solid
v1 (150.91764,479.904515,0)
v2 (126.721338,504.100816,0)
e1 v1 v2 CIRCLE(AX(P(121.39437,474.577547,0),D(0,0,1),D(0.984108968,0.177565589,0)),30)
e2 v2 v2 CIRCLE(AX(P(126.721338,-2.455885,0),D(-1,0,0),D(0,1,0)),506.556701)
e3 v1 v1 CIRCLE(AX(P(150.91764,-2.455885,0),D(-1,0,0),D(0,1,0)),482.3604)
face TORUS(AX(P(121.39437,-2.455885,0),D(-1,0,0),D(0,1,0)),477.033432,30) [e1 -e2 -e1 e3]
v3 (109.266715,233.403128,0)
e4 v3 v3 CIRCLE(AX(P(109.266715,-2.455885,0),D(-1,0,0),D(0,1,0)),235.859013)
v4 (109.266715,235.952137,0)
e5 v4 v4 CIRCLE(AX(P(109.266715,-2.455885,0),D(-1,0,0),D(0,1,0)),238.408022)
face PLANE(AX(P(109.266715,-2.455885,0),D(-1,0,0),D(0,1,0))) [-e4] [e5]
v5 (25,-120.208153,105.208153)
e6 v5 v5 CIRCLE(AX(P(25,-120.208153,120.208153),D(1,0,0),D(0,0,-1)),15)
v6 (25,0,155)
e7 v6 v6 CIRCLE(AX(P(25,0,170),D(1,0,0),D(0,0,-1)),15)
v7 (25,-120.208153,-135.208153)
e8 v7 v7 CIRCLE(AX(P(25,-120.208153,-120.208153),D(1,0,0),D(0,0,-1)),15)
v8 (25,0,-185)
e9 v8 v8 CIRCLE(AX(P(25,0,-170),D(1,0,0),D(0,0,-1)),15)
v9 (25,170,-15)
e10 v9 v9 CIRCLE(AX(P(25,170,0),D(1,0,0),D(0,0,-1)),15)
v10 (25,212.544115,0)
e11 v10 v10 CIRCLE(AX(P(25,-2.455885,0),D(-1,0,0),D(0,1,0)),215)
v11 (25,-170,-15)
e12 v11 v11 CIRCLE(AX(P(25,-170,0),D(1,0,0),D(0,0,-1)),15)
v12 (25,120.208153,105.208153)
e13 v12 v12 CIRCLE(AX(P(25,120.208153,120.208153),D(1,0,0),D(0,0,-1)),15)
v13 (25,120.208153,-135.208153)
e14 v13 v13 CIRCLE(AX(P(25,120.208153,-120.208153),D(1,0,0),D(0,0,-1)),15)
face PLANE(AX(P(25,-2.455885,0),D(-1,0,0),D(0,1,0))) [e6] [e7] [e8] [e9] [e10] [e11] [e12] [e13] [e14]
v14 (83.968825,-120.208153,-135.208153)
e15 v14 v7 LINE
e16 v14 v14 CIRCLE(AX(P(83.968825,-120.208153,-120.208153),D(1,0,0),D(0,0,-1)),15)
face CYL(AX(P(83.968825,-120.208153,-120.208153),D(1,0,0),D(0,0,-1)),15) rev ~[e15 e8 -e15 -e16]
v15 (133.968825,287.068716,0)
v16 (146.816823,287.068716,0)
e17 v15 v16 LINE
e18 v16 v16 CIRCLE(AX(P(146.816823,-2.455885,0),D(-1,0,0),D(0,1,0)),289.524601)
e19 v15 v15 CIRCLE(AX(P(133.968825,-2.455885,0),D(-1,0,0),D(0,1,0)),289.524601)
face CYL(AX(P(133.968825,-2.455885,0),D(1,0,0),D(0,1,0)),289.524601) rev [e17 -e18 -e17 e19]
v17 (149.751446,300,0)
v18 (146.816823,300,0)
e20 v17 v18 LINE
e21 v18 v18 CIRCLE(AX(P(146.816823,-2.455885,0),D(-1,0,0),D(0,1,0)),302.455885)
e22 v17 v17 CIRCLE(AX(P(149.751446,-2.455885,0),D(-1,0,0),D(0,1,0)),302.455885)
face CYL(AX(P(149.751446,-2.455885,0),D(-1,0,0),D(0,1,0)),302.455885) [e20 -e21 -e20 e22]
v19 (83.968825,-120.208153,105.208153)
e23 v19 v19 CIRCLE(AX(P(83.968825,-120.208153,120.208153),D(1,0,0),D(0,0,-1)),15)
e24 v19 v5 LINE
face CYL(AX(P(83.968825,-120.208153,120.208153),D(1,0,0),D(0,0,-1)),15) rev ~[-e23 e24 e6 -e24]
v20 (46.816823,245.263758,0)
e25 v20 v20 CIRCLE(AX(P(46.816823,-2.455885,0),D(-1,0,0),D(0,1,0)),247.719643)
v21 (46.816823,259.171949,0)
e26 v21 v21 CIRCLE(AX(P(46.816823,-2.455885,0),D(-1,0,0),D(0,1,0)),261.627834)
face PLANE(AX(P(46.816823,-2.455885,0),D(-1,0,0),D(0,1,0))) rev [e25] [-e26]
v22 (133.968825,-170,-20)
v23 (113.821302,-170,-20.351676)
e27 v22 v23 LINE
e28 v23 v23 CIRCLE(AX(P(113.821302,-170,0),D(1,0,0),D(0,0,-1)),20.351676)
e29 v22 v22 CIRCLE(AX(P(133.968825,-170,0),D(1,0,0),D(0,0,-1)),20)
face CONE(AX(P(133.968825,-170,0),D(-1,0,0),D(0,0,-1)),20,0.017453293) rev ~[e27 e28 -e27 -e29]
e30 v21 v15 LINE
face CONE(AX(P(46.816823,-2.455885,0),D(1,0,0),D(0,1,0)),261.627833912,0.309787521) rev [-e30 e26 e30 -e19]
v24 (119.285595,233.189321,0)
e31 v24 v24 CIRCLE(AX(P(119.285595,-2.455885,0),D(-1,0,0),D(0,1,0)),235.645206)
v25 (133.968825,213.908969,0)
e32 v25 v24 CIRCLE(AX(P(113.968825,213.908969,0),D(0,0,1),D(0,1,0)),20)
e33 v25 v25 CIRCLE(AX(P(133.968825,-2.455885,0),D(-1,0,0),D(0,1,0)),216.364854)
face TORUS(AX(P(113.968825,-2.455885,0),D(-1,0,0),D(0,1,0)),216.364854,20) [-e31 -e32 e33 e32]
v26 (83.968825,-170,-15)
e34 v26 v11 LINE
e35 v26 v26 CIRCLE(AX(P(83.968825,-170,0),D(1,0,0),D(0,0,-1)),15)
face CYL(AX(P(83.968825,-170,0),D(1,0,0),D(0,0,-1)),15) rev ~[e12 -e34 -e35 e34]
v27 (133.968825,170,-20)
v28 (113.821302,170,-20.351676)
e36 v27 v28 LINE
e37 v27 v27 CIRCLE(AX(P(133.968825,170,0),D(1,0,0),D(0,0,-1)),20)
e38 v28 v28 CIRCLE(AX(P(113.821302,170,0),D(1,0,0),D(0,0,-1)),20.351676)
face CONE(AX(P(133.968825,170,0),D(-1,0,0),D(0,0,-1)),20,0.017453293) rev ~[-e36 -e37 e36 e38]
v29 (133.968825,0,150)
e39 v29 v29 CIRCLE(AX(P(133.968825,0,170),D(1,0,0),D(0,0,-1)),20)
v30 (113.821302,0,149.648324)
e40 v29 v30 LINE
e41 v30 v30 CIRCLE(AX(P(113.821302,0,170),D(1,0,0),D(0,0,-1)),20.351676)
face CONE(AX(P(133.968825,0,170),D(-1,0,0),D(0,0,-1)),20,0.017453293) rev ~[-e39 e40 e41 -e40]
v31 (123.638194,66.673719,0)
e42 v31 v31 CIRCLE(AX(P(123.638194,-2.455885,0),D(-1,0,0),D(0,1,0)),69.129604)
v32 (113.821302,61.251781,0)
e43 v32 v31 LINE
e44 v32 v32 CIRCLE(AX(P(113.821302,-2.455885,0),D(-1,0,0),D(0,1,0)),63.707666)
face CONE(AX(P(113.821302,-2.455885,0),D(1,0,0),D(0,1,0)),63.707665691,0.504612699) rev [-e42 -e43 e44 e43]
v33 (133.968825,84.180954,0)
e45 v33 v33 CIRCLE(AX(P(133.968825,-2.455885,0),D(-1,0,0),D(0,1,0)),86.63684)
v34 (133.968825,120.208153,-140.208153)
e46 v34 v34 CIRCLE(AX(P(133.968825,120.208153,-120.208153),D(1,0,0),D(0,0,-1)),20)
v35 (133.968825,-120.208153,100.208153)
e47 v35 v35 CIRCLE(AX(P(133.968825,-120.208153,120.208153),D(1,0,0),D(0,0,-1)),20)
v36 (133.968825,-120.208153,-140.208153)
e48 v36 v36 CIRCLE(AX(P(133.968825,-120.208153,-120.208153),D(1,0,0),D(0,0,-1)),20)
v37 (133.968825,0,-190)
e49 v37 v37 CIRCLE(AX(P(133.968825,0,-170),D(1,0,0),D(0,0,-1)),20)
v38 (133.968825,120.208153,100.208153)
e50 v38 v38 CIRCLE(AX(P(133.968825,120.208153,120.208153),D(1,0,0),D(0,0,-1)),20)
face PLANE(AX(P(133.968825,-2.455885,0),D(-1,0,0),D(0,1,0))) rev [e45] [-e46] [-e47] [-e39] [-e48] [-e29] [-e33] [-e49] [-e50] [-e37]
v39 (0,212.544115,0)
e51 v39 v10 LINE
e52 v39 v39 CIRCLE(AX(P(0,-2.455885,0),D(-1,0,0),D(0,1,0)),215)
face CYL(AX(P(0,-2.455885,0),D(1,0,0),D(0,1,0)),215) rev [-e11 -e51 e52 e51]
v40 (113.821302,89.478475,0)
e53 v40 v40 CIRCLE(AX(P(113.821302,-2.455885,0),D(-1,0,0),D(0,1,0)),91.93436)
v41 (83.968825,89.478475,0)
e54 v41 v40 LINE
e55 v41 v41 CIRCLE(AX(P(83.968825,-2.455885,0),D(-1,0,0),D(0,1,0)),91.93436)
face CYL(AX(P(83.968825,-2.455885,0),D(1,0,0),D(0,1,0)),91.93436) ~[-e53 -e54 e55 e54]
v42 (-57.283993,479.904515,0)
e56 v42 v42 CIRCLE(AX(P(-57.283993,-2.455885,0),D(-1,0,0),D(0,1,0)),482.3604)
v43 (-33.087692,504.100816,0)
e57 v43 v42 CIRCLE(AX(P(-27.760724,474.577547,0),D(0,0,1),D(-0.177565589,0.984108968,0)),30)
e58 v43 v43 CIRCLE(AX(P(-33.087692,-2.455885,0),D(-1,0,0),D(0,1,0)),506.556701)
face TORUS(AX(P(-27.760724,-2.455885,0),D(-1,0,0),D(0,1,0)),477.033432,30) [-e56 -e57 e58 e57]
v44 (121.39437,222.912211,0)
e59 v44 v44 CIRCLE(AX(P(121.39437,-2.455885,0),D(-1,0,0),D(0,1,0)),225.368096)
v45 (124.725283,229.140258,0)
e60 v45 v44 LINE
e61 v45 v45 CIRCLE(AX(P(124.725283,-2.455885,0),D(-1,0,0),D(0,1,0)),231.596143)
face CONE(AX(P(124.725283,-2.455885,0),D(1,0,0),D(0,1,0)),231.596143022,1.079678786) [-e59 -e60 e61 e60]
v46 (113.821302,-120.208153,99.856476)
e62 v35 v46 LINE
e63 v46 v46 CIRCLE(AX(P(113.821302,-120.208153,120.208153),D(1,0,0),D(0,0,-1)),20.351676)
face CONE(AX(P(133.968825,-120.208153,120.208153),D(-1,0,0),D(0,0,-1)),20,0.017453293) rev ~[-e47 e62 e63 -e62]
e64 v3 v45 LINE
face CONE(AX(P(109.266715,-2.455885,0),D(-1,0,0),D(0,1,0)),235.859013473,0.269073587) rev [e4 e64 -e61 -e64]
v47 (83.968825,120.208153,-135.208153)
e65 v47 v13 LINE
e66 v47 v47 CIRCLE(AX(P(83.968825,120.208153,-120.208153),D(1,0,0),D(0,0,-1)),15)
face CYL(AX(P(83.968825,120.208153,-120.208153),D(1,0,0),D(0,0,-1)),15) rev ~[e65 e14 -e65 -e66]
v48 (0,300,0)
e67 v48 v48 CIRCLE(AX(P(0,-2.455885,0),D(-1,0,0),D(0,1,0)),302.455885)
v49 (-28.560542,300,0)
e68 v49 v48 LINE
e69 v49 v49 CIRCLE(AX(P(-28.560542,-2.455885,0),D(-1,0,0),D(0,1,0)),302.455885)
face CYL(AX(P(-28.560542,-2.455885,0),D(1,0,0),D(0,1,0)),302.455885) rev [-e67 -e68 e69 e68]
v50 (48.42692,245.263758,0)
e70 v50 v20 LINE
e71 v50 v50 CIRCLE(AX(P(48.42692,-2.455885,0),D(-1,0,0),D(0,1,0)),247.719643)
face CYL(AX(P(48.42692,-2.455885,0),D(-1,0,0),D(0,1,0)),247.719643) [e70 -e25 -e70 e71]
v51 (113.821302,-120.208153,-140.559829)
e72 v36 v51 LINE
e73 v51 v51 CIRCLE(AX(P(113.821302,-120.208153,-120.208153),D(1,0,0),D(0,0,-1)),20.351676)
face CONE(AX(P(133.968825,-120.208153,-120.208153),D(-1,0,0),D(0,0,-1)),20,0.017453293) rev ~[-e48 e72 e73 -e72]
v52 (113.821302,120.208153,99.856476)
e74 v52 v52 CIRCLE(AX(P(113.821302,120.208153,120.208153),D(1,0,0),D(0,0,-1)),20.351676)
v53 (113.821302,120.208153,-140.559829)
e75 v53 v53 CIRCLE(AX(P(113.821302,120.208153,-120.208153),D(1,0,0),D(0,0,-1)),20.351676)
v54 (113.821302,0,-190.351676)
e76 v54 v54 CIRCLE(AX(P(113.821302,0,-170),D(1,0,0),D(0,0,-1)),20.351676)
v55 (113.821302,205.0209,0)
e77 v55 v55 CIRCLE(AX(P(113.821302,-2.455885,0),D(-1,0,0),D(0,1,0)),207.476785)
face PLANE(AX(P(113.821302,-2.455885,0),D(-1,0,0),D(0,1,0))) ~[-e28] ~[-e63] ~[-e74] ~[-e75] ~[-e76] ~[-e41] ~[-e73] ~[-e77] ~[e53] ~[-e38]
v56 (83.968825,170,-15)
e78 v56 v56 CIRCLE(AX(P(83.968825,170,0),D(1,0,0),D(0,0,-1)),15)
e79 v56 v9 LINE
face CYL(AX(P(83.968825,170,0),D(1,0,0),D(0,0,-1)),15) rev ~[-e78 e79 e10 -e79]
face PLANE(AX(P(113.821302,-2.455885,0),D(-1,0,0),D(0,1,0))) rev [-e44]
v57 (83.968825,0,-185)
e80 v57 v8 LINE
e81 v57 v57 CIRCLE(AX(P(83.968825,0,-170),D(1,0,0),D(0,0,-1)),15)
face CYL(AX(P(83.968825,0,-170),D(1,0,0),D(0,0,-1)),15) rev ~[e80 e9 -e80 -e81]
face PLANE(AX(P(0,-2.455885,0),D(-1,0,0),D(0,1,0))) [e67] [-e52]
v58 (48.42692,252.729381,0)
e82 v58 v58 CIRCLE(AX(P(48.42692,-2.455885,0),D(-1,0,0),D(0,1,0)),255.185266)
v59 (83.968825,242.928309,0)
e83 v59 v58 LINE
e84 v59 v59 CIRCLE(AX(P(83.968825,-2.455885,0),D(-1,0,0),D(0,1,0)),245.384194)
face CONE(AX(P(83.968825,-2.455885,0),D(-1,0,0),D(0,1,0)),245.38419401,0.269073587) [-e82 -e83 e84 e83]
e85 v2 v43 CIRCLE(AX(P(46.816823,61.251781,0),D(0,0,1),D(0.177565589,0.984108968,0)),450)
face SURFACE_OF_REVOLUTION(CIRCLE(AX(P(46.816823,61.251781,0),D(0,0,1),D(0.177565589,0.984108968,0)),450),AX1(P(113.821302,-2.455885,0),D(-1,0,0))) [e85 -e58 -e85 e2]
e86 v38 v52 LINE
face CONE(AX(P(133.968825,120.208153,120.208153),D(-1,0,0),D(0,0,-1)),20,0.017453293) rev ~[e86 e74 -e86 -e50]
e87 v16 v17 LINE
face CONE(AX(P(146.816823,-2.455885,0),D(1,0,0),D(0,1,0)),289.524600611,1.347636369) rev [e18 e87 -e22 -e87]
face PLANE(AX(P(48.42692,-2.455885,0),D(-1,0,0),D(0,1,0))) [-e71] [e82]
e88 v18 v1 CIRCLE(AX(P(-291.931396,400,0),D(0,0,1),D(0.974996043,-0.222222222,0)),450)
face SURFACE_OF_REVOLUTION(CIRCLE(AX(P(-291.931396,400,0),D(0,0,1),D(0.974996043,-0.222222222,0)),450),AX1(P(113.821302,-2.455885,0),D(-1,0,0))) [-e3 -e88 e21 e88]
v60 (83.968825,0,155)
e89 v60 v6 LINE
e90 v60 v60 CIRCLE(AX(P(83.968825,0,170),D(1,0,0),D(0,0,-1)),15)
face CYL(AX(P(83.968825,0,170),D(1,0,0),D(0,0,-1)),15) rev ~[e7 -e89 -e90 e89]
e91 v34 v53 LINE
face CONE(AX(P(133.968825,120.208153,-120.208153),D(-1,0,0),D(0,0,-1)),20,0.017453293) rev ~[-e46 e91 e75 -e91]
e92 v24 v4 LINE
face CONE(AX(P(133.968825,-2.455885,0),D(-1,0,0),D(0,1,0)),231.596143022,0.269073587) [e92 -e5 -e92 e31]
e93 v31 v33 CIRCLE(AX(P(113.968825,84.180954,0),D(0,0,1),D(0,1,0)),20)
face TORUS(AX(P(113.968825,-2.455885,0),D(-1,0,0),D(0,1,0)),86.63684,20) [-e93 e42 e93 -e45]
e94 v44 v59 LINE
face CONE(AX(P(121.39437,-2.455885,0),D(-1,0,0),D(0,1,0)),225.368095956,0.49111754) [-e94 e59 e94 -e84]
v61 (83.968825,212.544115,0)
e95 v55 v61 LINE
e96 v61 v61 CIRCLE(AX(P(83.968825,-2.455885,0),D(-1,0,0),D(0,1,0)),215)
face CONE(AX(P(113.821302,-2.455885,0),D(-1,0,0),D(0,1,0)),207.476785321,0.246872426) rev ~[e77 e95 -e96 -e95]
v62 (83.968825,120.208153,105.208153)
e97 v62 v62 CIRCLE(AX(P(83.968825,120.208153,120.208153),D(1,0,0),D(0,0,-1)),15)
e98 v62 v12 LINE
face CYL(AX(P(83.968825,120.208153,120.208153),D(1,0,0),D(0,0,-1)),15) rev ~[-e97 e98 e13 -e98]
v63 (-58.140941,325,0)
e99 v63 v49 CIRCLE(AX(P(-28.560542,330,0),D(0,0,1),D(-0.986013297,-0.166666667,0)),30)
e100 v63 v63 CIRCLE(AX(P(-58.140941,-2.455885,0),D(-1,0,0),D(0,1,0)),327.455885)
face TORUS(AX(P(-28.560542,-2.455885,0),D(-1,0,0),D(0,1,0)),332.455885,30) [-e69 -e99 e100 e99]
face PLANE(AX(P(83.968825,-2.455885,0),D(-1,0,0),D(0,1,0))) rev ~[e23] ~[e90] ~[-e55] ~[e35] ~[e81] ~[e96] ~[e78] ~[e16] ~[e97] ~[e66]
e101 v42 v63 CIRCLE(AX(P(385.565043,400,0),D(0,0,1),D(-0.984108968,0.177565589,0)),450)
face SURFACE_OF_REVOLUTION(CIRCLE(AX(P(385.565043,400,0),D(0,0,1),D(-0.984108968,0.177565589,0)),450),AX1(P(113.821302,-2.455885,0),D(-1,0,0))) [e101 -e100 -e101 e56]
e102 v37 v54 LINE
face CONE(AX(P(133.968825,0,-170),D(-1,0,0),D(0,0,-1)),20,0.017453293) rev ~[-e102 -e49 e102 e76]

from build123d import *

# Parameters (mm, degrees)
SKETCH3_R                    = 20
CUT_EXTRUDE1_DEPTH           = 50
CUT_EXTRUDE1_DRAFT           = 1
CUT_EXTRUDE1_PROFILE_2_DEPTH = 50
CUT_EXTRUDE1_PROFILE_2_DRAFT = 1
CUT_EXTRUDE1_PROFILE_3_DEPTH = 50
CUT_EXTRUDE1_PROFILE_3_DRAFT = 1
CUT_EXTRUDE1_PROFILE_4_DEPTH = 50
CUT_EXTRUDE1_PROFILE_4_DRAFT = 1
CUT_EXTRUDE1_PROFILE_5_DEPTH = 50
CUT_EXTRUDE1_PROFILE_5_DRAFT = 1
CUT_EXTRUDE1_PROFILE_6_DEPTH = 50
CUT_EXTRUDE1_PROFILE_6_DRAFT = 1
CUT_EXTRUDE1_PROFILE_7_DEPTH = 50
CUT_EXTRUDE1_PROFILE_7_DRAFT = 1
CUT_EXTRUDE1_PROFILE_8_DEPTH = 50
CUT_EXTRUDE1_PROFILE_8_DRAFT = 1
FILLET1_R                    = 20
SKETCH4_R                    = 15
CUT_EXTRUDE2_DEPTH           = 744.198533285


with BuildPart() as part:
    # Sketch2 → Revolve1 (revolve)
    with BuildSketch(Plane.XY):
        with BuildLine():
            Line((0, 300), (0, 212.544114939))
            Line((0, 212.544114939), (25, 212.544114939))
            Line((25, 212.544114939), (25, -2.455885061))
            Line((25, -2.455885061), (46.816823153, -2.455885061))
            Line((46.816823153, -2.455885061), (113.821302455, -2.455885061))
            Line((113.821302455, -2.455885061), (113.821302455, 61.25178063))
            Line((113.821302455, 61.25178063), (133.968825245, 72.379398613))
            Line((133.968825245, 72.379398613), (133.968825245, 229.140257961))
            Line((133.968825245, 229.140257961), (109.266714672, 235.952137163))
            Line((109.266714672, 235.952137163), (109.266714672, 233.403128412))
            Line((109.266714672, 233.403128412), (124.725282579, 229.140257961))
            Line((124.725282579, 229.140257961), (121.3943705, 222.912210895))
            Line((121.3943705, 222.912210895), (83.968825245, 242.928308949))
            Line((83.968825245, 242.928308949), (48.426919774, 252.729381046))
            Line((48.426919774, 252.729381046), (48.426919774, 245.263758119))
            Line((48.426919774, 245.263758119), (46.816823153, 245.263758119))
            Line((46.816823153, 245.263758119), (46.816823153, 259.171948851))
            Line((46.816823153, 259.171948851), (133.968825245, 287.06871555))
            Line((133.968825245, 287.06871555), (146.816823153, 287.06871555))
            Line((146.816823153, 287.06871555), (149.751445643, 300))
            Line((149.751445643, 300), (146.816823153, 300))
            ThreePointArc((146.816823153, 300), (157.951742717, 389.745181475), (150.917639551, 479.904515014))
            ThreePointArc((150.917639551, 479.904515014), (142.607573935, 495.790750782), (126.721338167, 504.100816398))
            ThreePointArc((126.721338167, 504.100816398), (46.816823153, 511.25178063), (-33.087691862, 504.100816398))
            ThreePointArc((-33.087691862, 504.100816398), (-48.97392763, 495.790750782), (-57.283993245, 479.904515014))
            ThreePointArc((-57.283993245, 479.904515014), (-64.428071695, 402.489408933), (-58.14094121, 325))
            ThreePointArc((-58.14094121, 325), (-47.925459025, 307.087121525), (-28.560542294, 300))
            Line((-28.560542294, 300), (0, 300))
        make_face()
        Polygon((113.821302455, 89.47847526), (113.821302455, 205.02090026), (83.968825245, 212.544114939), (83.968825245, 89.47847526), align=None, mode=Mode.SUBTRACT)
    revolve(axis=Axis((113.821302455, -2.455885061, 0), (-1, 0, 0)))


with BuildPart() as cut_extrude1_tool:
    # Sketch3 → Cut-Extrude1 (with draft: the straight prism first)
    with BuildSketch(Plane(origin=(133.968825245, 0, 0), x_dir=(0, 0, -1), z_dir=(1, 0, 0))):
        with Locations((0, 170)):
            Circle(SKETCH3_R)
    extrude(amount=-CUT_EXTRUDE1_DEPTH)
    # Cut-Extrude1: the draft: its side faces are tilted about the plane it starts from
    cut_extrude1_sides = [cut_extrude1_tool.faces().sort_by_distance(p)[0] for p in [
        (108.968825245, 170, 20),
    ]]
    draft(cut_extrude1_sides, Plane(origin=(133.968825245, 0, 0), x_dir=(0, 0, -1), z_dir=(1, 0, 0)), CUT_EXTRUDE1_DRAFT)


with BuildPart() as part_1:
    add(part.part)

    # Cut-Extrude1: cut by cut_extrude1_tool
    add(cut_extrude1_tool.part, mode=Mode.SUBTRACT)


with BuildPart() as cut_extrude1_profile_2_tool:
    # Sketch3 → Cut-Extrude1 profile 2 (with draft: the straight prism first)
    with BuildSketch(Plane(origin=(133.968825245, 0, 0), x_dir=(0, 0, -1), z_dir=(1, 0, 0))):
        with Locations((120.208152802, 120.208152802)):
            Circle(SKETCH3_R)
    extrude(amount=-CUT_EXTRUDE1_PROFILE_2_DEPTH)
    # Cut-Extrude1 profile 2: the draft: its side faces are tilted about the plane it starts from
    cut_extrude1_profile_2_sides = [cut_extrude1_profile_2_tool.faces().sort_by_distance(p)[0] for p in [
        (108.968825245, 120.208152802, -100.208152802),
    ]]
    draft(cut_extrude1_profile_2_sides, Plane(origin=(133.968825245, 0, 0), x_dir=(0, 0, -1), z_dir=(1, 0, 0)), CUT_EXTRUDE1_PROFILE_2_DRAFT)


with BuildPart() as part_2:
    add(part_1.part)

    # Cut-Extrude1 profile 2: cut by cut_extrude1_profile_2_tool
    add(cut_extrude1_profile_2_tool.part, mode=Mode.SUBTRACT)


with BuildPart() as cut_extrude1_profile_3_tool:
    # Sketch3 → Cut-Extrude1 profile 3 (with draft: the straight prism first)
    with BuildSketch(Plane(origin=(133.968825245, 0, 0), x_dir=(0, 0, -1), z_dir=(1, 0, 0))):
        with Locations((170, 0)):
            Circle(SKETCH3_R)
    extrude(amount=-CUT_EXTRUDE1_PROFILE_3_DEPTH)
    # Cut-Extrude1 profile 3: the draft: its side faces are tilted about the plane it starts from
    cut_extrude1_profile_3_sides = [cut_extrude1_profile_3_tool.faces().sort_by_distance(p)[0] for p in [
        (108.968825245, 0, -150),
    ]]
    draft(cut_extrude1_profile_3_sides, Plane(origin=(133.968825245, 0, 0), x_dir=(0, 0, -1), z_dir=(1, 0, 0)), CUT_EXTRUDE1_PROFILE_3_DRAFT)


with BuildPart() as part_3:
    add(part_2.part)

    # Cut-Extrude1 profile 3: cut by cut_extrude1_profile_3_tool
    add(cut_extrude1_profile_3_tool.part, mode=Mode.SUBTRACT)


with BuildPart() as cut_extrude1_profile_4_tool:
    # Sketch3 → Cut-Extrude1 profile 4 (with draft: the straight prism first)
    with BuildSketch(Plane(origin=(133.968825245, 0, 0), x_dir=(0, 0, -1), z_dir=(1, 0, 0))):
        with Locations((120.208152802, -120.208152802)):
            Circle(SKETCH3_R)
    extrude(amount=-CUT_EXTRUDE1_PROFILE_4_DEPTH)
    # Cut-Extrude1 profile 4: the draft: its side faces are tilted about the plane it starts from
    cut_extrude1_profile_4_sides = [cut_extrude1_profile_4_tool.faces().sort_by_distance(p)[0] for p in [
        (108.968825245, -120.208152802, -100.208152802),
    ]]
    draft(cut_extrude1_profile_4_sides, Plane(origin=(133.968825245, 0, 0), x_dir=(0, 0, -1), z_dir=(1, 0, 0)), CUT_EXTRUDE1_PROFILE_4_DRAFT)


with BuildPart() as part_4:
    add(part_3.part)

    # Cut-Extrude1 profile 4: cut by cut_extrude1_profile_4_tool
    add(cut_extrude1_profile_4_tool.part, mode=Mode.SUBTRACT)


with BuildPart() as cut_extrude1_profile_5_tool:
    # Sketch3 → Cut-Extrude1 profile 5 (with draft: the straight prism first)
    with BuildSketch(Plane(origin=(133.968825245, 0, 0), x_dir=(0, 0, -1), z_dir=(1, 0, 0))):
        with Locations((0, -170)):
            Circle(SKETCH3_R)
    extrude(amount=-CUT_EXTRUDE1_PROFILE_5_DEPTH)
    # Cut-Extrude1 profile 5: the draft: its side faces are tilted about the plane it starts from
    cut_extrude1_profile_5_sides = [cut_extrude1_profile_5_tool.faces().sort_by_distance(p)[0] for p in [
        (108.968825245, -170, 20),
    ]]
    draft(cut_extrude1_profile_5_sides, Plane(origin=(133.968825245, 0, 0), x_dir=(0, 0, -1), z_dir=(1, 0, 0)), CUT_EXTRUDE1_PROFILE_5_DRAFT)


with BuildPart() as part_5:
    add(part_4.part)

    # Cut-Extrude1 profile 5: cut by cut_extrude1_profile_5_tool
    add(cut_extrude1_profile_5_tool.part, mode=Mode.SUBTRACT)


with BuildPart() as cut_extrude1_profile_6_tool:
    # Sketch3 → Cut-Extrude1 profile 6 (with draft: the straight prism first)
    with BuildSketch(Plane(origin=(133.968825245, 0, 0), x_dir=(0, 0, -1), z_dir=(1, 0, 0))):
        with Locations((-120.208152802, -120.208152802)):
            Circle(SKETCH3_R)
    extrude(amount=-CUT_EXTRUDE1_PROFILE_6_DEPTH)
    # Cut-Extrude1 profile 6: the draft: its side faces are tilted about the plane it starts from
    cut_extrude1_profile_6_sides = [cut_extrude1_profile_6_tool.faces().sort_by_distance(p)[0] for p in [
        (108.968825245, -120.208152802, 140.208152802),
    ]]
    draft(cut_extrude1_profile_6_sides, Plane(origin=(133.968825245, 0, 0), x_dir=(0, 0, -1), z_dir=(1, 0, 0)), CUT_EXTRUDE1_PROFILE_6_DRAFT)


with BuildPart() as part_6:
    add(part_5.part)

    # Cut-Extrude1 profile 6: cut by cut_extrude1_profile_6_tool
    add(cut_extrude1_profile_6_tool.part, mode=Mode.SUBTRACT)


with BuildPart() as cut_extrude1_profile_7_tool:
    # Sketch3 → Cut-Extrude1 profile 7 (with draft: the straight prism first)
    with BuildSketch(Plane(origin=(133.968825245, 0, 0), x_dir=(0, 0, -1), z_dir=(1, 0, 0))):
        with Locations((-170, 0)):
            Circle(SKETCH3_R)
    extrude(amount=-CUT_EXTRUDE1_PROFILE_7_DEPTH)
    # Cut-Extrude1 profile 7: the draft: its side faces are tilted about the plane it starts from
    cut_extrude1_profile_7_sides = [cut_extrude1_profile_7_tool.faces().sort_by_distance(p)[0] for p in [
        (108.968825245, 0, 190),
    ]]
    draft(cut_extrude1_profile_7_sides, Plane(origin=(133.968825245, 0, 0), x_dir=(0, 0, -1), z_dir=(1, 0, 0)), CUT_EXTRUDE1_PROFILE_7_DRAFT)


with BuildPart() as part_7:
    add(part_6.part)

    # Cut-Extrude1 profile 7: cut by cut_extrude1_profile_7_tool
    add(cut_extrude1_profile_7_tool.part, mode=Mode.SUBTRACT)


with BuildPart() as cut_extrude1_profile_8_tool:
    # Sketch3 → Cut-Extrude1 profile 8 (with draft: the straight prism first)
    with BuildSketch(Plane(origin=(133.968825245, 0, 0), x_dir=(0, 0, -1), z_dir=(1, 0, 0))):
        with Locations((-120.208152802, 120.208152802)):
            Circle(SKETCH3_R)
    extrude(amount=-CUT_EXTRUDE1_PROFILE_8_DEPTH)
    # Cut-Extrude1 profile 8: the draft: its side faces are tilted about the plane it starts from
    cut_extrude1_profile_8_sides = [cut_extrude1_profile_8_tool.faces().sort_by_distance(p)[0] for p in [
        (108.968825245, 120.208152802, 140.208152802),
    ]]
    draft(cut_extrude1_profile_8_sides, Plane(origin=(133.968825245, 0, 0), x_dir=(0, 0, -1), z_dir=(1, 0, 0)), CUT_EXTRUDE1_PROFILE_8_DRAFT)


with BuildPart() as part_8:
    add(part_7.part)

    # Cut-Extrude1 profile 8: cut by cut_extrude1_profile_8_tool
    add(cut_extrude1_profile_8_tool.part, mode=Mode.SUBTRACT)

    # Fillet1
    fillet1_edges = [part_8.edges().sort_by_distance(p)[0] for p in [
        (133.968825245, -77.291168734, 0),
        (133.968825245, -234.052028083, 0),
    ]]
    fillet(fillet1_edges, radius=FILLET1_R)

    # Sketch4 → Cut-Extrude2 (cut, through all)
    with BuildSketch(Plane(origin=(83.968825245, 0, 0), x_dir=(0, 0, -1), z_dir=(1, 0, 0))):
        with Locations((0, 170)):
            Circle(SKETCH4_R)
        with Locations((120.208152802, 120.208152802)):
            Circle(SKETCH4_R)
        with Locations((170, 0)):
            Circle(SKETCH4_R)
        with Locations((120.208152802, -120.208152802)):
            Circle(SKETCH4_R)
        with Locations((0, -170)):
            Circle(SKETCH4_R)
        with Locations((-120.208152802, -120.208152802)):
            Circle(SKETCH4_R)
        with Locations((-170, 0)):
            Circle(SKETCH4_R)
        with Locations((-120.208152802, 120.208152802)):
            Circle(SKETCH4_R)
    extrude(amount=-CUT_EXTRUDE2_DEPTH, mode=Mode.SUBTRACT)


solid = part_8.part
